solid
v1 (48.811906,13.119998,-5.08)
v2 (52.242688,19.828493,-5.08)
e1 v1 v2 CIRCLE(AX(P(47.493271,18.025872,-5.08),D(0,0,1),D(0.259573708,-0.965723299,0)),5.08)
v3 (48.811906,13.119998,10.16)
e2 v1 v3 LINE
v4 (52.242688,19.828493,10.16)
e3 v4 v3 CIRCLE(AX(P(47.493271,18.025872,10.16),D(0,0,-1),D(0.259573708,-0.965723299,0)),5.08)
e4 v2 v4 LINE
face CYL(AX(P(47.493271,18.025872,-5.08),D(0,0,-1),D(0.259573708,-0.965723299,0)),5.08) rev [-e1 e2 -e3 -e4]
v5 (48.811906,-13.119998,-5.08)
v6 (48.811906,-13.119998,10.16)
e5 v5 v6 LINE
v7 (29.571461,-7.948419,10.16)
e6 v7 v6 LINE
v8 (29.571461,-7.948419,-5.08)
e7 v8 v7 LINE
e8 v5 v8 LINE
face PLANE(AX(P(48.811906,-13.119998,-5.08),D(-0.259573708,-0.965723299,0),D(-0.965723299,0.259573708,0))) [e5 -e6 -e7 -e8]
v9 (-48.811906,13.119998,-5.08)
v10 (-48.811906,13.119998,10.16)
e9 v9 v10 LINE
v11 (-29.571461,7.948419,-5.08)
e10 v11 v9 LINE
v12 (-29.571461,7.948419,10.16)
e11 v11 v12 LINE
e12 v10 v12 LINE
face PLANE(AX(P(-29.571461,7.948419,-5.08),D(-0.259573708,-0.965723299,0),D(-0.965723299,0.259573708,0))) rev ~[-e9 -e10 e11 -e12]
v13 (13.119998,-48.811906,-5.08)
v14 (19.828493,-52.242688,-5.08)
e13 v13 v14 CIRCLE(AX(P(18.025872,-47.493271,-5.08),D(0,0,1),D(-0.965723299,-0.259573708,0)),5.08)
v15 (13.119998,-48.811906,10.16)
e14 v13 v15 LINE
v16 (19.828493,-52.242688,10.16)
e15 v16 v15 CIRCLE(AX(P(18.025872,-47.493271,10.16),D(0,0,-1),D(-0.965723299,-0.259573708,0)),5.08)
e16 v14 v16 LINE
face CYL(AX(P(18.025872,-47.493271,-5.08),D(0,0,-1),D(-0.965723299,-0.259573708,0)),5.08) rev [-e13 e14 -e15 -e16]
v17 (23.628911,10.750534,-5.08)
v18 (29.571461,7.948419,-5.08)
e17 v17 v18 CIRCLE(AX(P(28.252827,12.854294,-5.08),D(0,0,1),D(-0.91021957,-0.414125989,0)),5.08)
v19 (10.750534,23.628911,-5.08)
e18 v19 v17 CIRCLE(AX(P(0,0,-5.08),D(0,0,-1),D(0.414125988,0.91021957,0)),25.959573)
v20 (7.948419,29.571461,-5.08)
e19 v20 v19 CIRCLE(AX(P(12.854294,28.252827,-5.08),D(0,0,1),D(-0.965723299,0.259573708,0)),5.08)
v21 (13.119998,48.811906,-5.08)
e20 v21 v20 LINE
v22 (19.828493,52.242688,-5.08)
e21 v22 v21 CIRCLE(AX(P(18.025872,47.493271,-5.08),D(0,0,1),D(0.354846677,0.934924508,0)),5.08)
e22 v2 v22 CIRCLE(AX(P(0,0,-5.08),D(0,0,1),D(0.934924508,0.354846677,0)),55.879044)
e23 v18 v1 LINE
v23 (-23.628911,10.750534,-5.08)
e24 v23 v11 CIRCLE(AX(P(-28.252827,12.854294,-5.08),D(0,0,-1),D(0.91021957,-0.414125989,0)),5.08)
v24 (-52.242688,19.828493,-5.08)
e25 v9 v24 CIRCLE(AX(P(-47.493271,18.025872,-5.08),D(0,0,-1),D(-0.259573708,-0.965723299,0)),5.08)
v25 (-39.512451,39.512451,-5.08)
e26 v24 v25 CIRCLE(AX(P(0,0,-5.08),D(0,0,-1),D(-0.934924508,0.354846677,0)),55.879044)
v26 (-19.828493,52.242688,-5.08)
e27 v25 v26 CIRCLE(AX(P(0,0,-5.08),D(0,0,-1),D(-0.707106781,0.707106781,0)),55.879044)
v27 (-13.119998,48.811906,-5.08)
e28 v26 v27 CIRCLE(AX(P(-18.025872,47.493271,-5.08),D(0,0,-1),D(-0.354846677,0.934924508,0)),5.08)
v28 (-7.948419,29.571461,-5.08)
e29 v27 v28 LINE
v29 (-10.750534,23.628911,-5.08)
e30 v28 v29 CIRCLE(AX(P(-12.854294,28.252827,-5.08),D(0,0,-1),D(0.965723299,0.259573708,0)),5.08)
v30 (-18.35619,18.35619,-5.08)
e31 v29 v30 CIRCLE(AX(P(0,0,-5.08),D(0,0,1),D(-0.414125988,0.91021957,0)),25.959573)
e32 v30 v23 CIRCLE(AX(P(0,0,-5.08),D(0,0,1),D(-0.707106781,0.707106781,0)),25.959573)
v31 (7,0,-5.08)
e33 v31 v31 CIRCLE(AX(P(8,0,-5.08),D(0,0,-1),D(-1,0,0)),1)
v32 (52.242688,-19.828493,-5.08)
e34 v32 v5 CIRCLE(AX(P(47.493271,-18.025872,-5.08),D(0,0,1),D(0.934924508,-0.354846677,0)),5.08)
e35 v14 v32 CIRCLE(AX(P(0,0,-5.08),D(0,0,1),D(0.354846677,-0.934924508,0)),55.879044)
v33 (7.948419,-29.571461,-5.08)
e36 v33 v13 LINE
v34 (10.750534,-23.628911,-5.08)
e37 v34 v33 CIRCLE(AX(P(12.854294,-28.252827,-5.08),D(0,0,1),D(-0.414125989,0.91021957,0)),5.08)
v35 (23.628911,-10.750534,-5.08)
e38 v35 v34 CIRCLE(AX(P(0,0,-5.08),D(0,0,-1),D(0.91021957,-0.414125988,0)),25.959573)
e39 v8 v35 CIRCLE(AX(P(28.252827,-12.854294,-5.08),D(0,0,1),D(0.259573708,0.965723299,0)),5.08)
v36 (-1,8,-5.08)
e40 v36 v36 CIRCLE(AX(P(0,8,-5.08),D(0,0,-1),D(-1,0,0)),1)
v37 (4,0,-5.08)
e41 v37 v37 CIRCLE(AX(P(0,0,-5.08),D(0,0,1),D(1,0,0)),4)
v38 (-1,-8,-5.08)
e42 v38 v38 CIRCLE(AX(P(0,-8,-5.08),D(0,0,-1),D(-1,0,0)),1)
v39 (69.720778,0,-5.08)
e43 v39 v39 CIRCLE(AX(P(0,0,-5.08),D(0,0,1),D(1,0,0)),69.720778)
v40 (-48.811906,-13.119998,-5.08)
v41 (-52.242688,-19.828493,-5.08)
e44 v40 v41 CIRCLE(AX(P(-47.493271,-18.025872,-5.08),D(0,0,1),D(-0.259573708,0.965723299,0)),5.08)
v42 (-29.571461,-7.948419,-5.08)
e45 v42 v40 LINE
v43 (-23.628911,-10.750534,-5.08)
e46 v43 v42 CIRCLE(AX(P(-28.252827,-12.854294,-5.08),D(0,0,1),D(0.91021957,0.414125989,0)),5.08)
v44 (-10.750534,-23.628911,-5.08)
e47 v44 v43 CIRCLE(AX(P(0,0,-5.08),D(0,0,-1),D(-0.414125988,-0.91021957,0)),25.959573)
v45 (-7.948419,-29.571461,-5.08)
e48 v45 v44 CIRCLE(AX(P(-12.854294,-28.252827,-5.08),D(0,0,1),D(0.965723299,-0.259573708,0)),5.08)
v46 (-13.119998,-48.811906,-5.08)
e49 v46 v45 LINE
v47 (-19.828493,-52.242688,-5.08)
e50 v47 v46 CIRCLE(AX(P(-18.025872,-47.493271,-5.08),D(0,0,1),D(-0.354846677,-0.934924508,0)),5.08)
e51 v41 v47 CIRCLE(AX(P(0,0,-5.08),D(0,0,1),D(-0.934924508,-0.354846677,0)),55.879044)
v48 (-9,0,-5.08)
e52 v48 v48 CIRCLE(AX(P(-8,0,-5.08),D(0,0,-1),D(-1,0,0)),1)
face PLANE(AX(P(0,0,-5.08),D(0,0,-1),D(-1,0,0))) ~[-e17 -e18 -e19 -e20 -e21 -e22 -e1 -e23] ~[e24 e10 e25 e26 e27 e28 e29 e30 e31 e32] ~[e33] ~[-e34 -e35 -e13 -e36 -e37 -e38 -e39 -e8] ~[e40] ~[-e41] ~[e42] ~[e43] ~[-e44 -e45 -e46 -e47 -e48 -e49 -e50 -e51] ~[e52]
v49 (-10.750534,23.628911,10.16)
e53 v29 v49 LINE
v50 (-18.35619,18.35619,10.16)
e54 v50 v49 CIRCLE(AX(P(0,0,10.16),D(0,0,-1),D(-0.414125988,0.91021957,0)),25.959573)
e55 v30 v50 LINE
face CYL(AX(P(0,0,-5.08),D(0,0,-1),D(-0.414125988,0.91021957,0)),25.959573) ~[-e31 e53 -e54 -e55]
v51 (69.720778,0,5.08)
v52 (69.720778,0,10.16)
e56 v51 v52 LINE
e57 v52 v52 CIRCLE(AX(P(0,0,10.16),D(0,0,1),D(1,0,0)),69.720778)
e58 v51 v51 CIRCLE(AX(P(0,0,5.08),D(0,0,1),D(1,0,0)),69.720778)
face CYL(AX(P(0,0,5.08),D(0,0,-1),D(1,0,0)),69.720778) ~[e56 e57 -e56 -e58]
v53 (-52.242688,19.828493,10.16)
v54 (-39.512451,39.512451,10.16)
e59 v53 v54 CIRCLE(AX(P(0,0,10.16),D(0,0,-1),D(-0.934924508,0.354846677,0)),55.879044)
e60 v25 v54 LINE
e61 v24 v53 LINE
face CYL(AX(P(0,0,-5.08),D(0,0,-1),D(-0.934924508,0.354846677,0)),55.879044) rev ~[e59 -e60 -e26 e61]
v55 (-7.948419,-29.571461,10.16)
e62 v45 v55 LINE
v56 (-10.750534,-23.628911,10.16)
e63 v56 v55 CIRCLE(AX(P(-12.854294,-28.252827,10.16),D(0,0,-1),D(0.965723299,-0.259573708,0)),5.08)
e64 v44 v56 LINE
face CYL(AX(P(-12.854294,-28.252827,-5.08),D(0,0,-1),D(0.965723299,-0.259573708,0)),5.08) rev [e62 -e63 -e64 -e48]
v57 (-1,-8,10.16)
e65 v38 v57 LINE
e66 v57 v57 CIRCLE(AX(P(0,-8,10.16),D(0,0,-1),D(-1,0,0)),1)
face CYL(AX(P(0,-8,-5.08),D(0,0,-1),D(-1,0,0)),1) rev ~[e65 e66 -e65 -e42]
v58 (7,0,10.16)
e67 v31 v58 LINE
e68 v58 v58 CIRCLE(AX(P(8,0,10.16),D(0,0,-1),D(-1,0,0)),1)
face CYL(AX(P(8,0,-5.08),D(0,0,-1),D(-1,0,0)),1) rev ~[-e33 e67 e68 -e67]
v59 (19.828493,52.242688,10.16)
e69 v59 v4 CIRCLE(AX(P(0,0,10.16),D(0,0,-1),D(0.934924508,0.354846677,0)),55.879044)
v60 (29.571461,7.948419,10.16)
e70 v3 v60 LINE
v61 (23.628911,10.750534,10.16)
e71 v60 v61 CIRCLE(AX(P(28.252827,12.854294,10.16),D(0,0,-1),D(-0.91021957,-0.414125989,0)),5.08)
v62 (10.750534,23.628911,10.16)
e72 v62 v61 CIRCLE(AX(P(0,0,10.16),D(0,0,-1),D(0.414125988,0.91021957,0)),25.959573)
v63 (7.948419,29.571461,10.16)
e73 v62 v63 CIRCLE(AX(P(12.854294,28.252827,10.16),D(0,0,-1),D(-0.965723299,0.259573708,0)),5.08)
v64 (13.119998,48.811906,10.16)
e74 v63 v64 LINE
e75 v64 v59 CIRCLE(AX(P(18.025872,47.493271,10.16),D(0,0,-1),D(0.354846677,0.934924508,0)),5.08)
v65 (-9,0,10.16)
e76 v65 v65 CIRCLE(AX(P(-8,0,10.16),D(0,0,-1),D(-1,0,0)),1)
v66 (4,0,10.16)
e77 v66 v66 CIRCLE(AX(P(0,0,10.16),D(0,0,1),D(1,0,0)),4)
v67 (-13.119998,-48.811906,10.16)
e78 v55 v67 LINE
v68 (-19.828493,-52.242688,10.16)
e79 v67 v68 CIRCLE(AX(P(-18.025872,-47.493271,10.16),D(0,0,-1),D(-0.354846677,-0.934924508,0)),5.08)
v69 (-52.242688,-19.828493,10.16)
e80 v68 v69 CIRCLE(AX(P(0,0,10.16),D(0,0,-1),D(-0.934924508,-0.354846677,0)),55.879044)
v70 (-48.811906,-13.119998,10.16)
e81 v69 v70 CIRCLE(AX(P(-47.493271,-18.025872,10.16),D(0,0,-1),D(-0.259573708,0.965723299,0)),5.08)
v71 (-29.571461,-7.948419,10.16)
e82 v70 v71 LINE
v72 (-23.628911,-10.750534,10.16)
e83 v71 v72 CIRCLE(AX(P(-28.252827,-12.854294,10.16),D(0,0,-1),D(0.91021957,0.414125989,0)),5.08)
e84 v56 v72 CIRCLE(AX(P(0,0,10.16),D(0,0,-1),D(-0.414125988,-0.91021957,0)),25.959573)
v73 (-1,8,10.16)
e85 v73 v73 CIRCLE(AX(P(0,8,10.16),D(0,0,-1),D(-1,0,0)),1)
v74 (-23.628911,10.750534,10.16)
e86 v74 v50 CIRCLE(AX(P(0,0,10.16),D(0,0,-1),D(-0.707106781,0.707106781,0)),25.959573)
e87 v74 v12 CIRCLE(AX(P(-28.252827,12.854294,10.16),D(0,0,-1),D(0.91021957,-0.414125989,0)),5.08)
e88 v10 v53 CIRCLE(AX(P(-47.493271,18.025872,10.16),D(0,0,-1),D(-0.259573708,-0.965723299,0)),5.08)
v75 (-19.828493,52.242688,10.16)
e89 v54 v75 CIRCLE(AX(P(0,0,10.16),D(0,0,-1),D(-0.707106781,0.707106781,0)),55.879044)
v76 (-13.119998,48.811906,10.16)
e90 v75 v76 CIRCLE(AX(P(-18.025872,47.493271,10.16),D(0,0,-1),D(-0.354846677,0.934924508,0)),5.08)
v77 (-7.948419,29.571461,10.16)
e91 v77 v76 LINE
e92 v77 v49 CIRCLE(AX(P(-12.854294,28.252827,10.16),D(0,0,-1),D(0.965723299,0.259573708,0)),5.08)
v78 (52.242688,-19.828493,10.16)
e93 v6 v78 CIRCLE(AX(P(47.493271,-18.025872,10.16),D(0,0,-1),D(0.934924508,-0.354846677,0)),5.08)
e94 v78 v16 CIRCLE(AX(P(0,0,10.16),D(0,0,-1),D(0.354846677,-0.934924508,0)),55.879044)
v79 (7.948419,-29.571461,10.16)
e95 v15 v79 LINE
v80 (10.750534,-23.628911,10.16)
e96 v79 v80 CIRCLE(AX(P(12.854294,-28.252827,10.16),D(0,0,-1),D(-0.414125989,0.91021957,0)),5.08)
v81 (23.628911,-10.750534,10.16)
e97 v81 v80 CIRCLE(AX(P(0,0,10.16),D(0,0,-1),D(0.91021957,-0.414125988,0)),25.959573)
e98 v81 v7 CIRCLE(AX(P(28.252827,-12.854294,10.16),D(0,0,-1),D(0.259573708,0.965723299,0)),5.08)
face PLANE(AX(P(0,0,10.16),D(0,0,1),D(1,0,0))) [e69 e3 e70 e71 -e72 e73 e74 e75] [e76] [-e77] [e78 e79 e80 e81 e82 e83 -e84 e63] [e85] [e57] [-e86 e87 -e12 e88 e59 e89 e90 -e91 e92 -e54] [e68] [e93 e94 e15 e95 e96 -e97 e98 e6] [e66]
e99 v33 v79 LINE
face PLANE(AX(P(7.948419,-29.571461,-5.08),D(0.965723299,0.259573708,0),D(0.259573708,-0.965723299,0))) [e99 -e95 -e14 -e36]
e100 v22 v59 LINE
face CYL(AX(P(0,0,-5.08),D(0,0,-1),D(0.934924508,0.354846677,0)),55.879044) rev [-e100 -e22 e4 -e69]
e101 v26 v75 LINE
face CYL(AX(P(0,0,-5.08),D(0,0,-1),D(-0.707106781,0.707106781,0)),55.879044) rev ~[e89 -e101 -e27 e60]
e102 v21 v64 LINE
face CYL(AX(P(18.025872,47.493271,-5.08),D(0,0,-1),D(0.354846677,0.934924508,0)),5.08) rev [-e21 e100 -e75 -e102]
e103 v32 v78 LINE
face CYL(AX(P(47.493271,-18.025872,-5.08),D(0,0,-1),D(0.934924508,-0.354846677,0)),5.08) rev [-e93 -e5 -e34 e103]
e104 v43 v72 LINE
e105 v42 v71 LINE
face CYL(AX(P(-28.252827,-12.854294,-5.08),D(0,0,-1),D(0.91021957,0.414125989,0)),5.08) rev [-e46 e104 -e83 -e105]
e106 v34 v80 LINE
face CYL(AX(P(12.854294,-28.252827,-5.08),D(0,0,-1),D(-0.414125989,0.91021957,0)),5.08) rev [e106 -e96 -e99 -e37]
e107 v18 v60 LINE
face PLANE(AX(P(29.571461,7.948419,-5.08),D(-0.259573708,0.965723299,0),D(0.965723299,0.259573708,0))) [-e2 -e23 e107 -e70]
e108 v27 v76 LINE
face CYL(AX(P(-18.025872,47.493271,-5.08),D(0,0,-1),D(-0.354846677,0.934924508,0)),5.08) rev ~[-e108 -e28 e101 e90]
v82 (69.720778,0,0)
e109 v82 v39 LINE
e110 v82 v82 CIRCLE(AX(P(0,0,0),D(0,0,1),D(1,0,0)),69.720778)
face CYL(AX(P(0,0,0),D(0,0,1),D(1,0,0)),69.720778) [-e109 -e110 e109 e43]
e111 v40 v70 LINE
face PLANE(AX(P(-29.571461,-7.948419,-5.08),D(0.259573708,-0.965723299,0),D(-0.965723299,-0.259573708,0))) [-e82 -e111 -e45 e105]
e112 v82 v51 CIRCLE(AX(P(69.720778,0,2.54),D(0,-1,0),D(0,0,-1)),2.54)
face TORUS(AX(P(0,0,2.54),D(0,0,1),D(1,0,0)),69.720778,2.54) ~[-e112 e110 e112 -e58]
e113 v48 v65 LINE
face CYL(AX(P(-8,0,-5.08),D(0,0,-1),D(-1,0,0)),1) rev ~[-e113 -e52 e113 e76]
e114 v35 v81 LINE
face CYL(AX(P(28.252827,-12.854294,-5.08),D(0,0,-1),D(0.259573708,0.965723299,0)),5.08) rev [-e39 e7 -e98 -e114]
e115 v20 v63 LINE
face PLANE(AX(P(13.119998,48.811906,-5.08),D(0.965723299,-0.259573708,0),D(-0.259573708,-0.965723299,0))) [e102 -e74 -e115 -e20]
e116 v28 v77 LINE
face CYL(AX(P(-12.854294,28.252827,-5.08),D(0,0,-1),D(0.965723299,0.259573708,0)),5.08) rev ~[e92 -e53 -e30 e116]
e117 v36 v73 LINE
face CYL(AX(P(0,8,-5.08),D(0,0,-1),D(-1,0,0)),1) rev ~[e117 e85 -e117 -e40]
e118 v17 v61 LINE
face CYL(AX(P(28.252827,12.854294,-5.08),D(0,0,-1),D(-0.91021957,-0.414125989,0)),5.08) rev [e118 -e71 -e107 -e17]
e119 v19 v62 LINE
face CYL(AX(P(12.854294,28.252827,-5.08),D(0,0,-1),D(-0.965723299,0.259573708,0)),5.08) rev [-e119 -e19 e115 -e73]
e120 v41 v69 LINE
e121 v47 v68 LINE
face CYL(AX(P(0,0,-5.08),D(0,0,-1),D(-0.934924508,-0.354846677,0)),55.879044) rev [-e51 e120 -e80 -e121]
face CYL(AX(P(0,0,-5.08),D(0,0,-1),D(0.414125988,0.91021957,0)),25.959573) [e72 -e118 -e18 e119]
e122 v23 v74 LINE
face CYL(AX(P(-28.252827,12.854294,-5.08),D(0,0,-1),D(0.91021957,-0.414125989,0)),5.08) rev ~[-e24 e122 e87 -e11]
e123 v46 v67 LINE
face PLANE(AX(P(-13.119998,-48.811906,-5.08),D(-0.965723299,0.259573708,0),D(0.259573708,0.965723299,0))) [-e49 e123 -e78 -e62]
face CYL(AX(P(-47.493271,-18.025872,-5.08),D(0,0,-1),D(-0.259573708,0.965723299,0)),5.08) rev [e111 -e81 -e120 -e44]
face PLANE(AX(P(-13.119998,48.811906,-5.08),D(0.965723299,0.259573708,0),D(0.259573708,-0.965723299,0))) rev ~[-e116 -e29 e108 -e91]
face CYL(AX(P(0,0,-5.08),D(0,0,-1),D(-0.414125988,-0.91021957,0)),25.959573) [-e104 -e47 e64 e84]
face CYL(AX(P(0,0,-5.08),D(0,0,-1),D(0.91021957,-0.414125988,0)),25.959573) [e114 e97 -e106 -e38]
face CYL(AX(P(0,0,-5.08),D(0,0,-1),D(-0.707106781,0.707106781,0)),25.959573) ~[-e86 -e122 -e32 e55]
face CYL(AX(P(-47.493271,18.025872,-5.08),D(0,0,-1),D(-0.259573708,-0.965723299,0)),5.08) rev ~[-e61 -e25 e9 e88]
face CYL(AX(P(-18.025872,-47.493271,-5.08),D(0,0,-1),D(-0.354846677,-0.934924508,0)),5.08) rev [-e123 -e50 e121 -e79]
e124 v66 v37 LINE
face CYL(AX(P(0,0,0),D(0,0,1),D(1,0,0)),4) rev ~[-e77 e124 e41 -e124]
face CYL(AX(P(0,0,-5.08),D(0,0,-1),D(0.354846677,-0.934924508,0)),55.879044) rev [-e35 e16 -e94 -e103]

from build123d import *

# Parameters (mm, degrees)
SKETCH1_R           = 63.5
SKETCH1_R_2         = 4
BOSS_EXTRUDE1_DEPTH = 5.08
SKETCH2_R           = 69.720778164
SKETCH2_R_2         = 4
BOSS_EXTRUDE2_DEPTH = 5.08
SKETCH4_R           = 1
CUT_EXTRUDE1_DEPTH  = 100.770894631
CUT_EXTRUDE2_DEPTH  = 104.322300355


with BuildPart() as part:
    # Sketch1 → Boss-Extrude1 (new body)
    with BuildSketch(Plane.XY):
        Circle(SKETCH1_R)
        Circle(SKETCH1_R_2, mode=Mode.SUBTRACT)
    extrude(amount=BOSS_EXTRUDE1_DEPTH)

    # Sketch2 → Boss-Extrude2 (add)
    with BuildSketch(Plane.XY.offset(5.08)):
        Circle(SKETCH2_R)
        Circle(SKETCH2_R_2, mode=Mode.SUBTRACT)
    boss_extrude2 = extrude(amount=BOSS_EXTRUDE2_DEPTH)

    # Mirror1: Boss-Extrude2 across plane
    add(boss_extrude2.mirror(Plane(origin=(0, 0, 2.54), x_dir=(1, 0, 0), z_dir=(0, 0, -1))))

    # Sketch4 → Cut-Extrude1 (cut, through all)
    with BuildSketch(Plane(origin=(0, 0, -5.08), x_dir=(-1, 0, 0), z_dir=(0, 0, -1))):
        with Locations((0, 8)):
            Circle(SKETCH4_R)
        with Locations((8, 0)):
            Circle(SKETCH4_R)
        with Locations((0, -8)):
            Circle(SKETCH4_R)
        with Locations((-8, 0)):
            Circle(SKETCH4_R)
    extrude(amount=-CUT_EXTRUDE1_DEPTH, mode=Mode.SUBTRACT)

    # Sketch5 → Revolve1 (revolve)
    with BuildSketch(Plane(origin=(0, 0, 0), x_dir=(0, 0, -1), z_dir=(1, 0, 0)), mode=Mode.PRIVATE) as revolve1_sk:
        with BuildLine():
            Line((-2.54, 63.5), (0, 63.5))
            Line((0, 63.5), (0, 69.720778164))
            ThreePointArc((0, 69.720778164), (-2.54, 72.260778164), (-5.08, 69.720778164))
            Line((-5.08, 69.720778164), (-5.08, 63.5))
            Line((-5.08, 63.5), (-2.54, 63.5))
        make_face()
    revolve(revolve1_sk.sketch.rotate(Axis((0, 0, 5.08), (0, 0, -1)), 90), axis=Axis((0, 0, 5.08), (0, 0, -1)))

    # Sketch6 → Cut-Extrude2 (cut, through all)
    with BuildSketch(Plane(origin=(0, 0, -5.08), x_dir=(-1, 0, 0), z_dir=(0, 0, -1))):
        with BuildLine():
            Line((-7.948419394, -29.571461023), (-13.119997628, -48.811905768))
            ThreePointArc((-13.119997628, -48.811905768), (-15.712841169, -52.016134189), (-19.828493104, -52.242687832))
            ThreePointArc((-19.828493104, -52.242687832), (-39.512451016, -39.512451016), (-52.242687832, -19.828493104))
            ThreePointArc((-52.242687832, -19.828493104), (-52.016134189, -15.712841169), (-48.811905768, -13.119997628))
            Line((-48.811905768, -13.119997628), (-29.571461023, -7.948419394))
            ThreePointArc((-29.571461023, -7.948419394), (-26.086220535, -8.259490359), (-23.628911169, -10.750533731))
            ThreePointArc((-23.628911169, -10.750533731), (-18.356189944, -18.356189944), (-10.750533731, -23.628911169))
            ThreePointArc((-10.750533731, -23.628911169), (-8.259490359, -26.086220535), (-7.948419394, -29.571461023))
        make_face()
        with BuildLine():
            Line((-29.571461023, 7.948419394), (-48.811905768, 13.119997628))
            ThreePointArc((-48.811905768, 13.119997628), (-52.016134189, 15.712841169), (-52.242687832, 19.828493104))
            ThreePointArc((-52.242687832, 19.828493104), (-39.512451016, 39.512451016), (-19.828493104, 52.242687832))
            ThreePointArc((-19.828493104, 52.242687832), (-15.712841169, 52.016134189), (-13.119997628, 48.811905768))
            Line((-13.119997628, 48.811905768), (-7.948419394, 29.571461023))
            ThreePointArc((-7.948419394, 29.571461023), (-8.259490359, 26.086220535), (-10.750533731, 23.628911169))
            ThreePointArc((-10.750533731, 23.628911169), (-18.356189944, 18.356189944), (-23.628911169, 10.750533731))
            ThreePointArc((-23.628911169, 10.750533731), (-26.086220535, 8.259490359), (-29.571461023, 7.948419394))
        make_face()
        with BuildLine():
            ThreePointArc((19.828493104, 52.242687832), (15.712841169, 52.016134189), (13.119997628, 48.811905768))
            Line((13.119997628, 48.811905768), (7.948419394, 29.571461023))
            ThreePointArc((7.948419394, 29.571461023), (8.259490359, 26.086220535), (10.750533731, 23.628911169))
            ThreePointArc((10.750533731, 23.628911169), (14.790224409, 21.334213847), (18.356189944, 18.356189944))
            Line((18.356189944, 18.356189944), (39.512451016, 39.512451016))
            ThreePointArc((39.512451016, 39.512451016), (30.345537475, 46.921380266), (19.828493104, 52.242687832))
        make_face()
        with BuildLine():
            ThreePointArc((52.242687832, 19.828493104), (46.921380266, 30.345537475), (39.512451016, 39.512451016))
            Line((39.512451016, 39.512451016), (18.356189944, 18.356189944))
            ThreePointArc((18.356189944, 18.356189944), (21.334213847, 14.790224409), (23.628911169, 10.750533731))
            ThreePointArc((23.628911169, 10.750533731), (26.086220535, 8.259490359), (29.571461023, 7.948419394))
            Line((29.571461023, 7.948419394), (48.811905768, 13.119997628))
            ThreePointArc((48.811905768, 13.119997628), (52.016134189, 15.712841169), (52.242687832, 19.828493104))
        make_face()
        with BuildLine():
            Line((29.571461023, -7.948419394), (48.811905768, -13.119997628))
            ThreePointArc((48.811905768, -13.119997628), (52.016134189, -15.712841169), (52.242687832, -19.828493104))
            ThreePointArc((52.242687832, -19.828493104), (39.512451016, -39.512451016), (19.828493104, -52.242687832))
            ThreePointArc((19.828493104, -52.242687832), (15.712841169, -52.016134189), (13.119997628, -48.811905768))
            Line((13.119997628, -48.811905768), (7.948419394, -29.571461023))
            ThreePointArc((7.948419394, -29.571461023), (8.259490359, -26.086220535), (10.750533731, -23.628911169))
            ThreePointArc((10.750533731, -23.628911169), (18.356189944, -18.356189944), (23.628911169, -10.750533731))
            ThreePointArc((23.628911169, -10.750533731), (26.086220535, -8.259490359), (29.571461023, -7.948419394))
        make_face()
    extrude(amount=-CUT_EXTRUDE2_DEPTH, mode=Mode.SUBTRACT)


solid = part.part
